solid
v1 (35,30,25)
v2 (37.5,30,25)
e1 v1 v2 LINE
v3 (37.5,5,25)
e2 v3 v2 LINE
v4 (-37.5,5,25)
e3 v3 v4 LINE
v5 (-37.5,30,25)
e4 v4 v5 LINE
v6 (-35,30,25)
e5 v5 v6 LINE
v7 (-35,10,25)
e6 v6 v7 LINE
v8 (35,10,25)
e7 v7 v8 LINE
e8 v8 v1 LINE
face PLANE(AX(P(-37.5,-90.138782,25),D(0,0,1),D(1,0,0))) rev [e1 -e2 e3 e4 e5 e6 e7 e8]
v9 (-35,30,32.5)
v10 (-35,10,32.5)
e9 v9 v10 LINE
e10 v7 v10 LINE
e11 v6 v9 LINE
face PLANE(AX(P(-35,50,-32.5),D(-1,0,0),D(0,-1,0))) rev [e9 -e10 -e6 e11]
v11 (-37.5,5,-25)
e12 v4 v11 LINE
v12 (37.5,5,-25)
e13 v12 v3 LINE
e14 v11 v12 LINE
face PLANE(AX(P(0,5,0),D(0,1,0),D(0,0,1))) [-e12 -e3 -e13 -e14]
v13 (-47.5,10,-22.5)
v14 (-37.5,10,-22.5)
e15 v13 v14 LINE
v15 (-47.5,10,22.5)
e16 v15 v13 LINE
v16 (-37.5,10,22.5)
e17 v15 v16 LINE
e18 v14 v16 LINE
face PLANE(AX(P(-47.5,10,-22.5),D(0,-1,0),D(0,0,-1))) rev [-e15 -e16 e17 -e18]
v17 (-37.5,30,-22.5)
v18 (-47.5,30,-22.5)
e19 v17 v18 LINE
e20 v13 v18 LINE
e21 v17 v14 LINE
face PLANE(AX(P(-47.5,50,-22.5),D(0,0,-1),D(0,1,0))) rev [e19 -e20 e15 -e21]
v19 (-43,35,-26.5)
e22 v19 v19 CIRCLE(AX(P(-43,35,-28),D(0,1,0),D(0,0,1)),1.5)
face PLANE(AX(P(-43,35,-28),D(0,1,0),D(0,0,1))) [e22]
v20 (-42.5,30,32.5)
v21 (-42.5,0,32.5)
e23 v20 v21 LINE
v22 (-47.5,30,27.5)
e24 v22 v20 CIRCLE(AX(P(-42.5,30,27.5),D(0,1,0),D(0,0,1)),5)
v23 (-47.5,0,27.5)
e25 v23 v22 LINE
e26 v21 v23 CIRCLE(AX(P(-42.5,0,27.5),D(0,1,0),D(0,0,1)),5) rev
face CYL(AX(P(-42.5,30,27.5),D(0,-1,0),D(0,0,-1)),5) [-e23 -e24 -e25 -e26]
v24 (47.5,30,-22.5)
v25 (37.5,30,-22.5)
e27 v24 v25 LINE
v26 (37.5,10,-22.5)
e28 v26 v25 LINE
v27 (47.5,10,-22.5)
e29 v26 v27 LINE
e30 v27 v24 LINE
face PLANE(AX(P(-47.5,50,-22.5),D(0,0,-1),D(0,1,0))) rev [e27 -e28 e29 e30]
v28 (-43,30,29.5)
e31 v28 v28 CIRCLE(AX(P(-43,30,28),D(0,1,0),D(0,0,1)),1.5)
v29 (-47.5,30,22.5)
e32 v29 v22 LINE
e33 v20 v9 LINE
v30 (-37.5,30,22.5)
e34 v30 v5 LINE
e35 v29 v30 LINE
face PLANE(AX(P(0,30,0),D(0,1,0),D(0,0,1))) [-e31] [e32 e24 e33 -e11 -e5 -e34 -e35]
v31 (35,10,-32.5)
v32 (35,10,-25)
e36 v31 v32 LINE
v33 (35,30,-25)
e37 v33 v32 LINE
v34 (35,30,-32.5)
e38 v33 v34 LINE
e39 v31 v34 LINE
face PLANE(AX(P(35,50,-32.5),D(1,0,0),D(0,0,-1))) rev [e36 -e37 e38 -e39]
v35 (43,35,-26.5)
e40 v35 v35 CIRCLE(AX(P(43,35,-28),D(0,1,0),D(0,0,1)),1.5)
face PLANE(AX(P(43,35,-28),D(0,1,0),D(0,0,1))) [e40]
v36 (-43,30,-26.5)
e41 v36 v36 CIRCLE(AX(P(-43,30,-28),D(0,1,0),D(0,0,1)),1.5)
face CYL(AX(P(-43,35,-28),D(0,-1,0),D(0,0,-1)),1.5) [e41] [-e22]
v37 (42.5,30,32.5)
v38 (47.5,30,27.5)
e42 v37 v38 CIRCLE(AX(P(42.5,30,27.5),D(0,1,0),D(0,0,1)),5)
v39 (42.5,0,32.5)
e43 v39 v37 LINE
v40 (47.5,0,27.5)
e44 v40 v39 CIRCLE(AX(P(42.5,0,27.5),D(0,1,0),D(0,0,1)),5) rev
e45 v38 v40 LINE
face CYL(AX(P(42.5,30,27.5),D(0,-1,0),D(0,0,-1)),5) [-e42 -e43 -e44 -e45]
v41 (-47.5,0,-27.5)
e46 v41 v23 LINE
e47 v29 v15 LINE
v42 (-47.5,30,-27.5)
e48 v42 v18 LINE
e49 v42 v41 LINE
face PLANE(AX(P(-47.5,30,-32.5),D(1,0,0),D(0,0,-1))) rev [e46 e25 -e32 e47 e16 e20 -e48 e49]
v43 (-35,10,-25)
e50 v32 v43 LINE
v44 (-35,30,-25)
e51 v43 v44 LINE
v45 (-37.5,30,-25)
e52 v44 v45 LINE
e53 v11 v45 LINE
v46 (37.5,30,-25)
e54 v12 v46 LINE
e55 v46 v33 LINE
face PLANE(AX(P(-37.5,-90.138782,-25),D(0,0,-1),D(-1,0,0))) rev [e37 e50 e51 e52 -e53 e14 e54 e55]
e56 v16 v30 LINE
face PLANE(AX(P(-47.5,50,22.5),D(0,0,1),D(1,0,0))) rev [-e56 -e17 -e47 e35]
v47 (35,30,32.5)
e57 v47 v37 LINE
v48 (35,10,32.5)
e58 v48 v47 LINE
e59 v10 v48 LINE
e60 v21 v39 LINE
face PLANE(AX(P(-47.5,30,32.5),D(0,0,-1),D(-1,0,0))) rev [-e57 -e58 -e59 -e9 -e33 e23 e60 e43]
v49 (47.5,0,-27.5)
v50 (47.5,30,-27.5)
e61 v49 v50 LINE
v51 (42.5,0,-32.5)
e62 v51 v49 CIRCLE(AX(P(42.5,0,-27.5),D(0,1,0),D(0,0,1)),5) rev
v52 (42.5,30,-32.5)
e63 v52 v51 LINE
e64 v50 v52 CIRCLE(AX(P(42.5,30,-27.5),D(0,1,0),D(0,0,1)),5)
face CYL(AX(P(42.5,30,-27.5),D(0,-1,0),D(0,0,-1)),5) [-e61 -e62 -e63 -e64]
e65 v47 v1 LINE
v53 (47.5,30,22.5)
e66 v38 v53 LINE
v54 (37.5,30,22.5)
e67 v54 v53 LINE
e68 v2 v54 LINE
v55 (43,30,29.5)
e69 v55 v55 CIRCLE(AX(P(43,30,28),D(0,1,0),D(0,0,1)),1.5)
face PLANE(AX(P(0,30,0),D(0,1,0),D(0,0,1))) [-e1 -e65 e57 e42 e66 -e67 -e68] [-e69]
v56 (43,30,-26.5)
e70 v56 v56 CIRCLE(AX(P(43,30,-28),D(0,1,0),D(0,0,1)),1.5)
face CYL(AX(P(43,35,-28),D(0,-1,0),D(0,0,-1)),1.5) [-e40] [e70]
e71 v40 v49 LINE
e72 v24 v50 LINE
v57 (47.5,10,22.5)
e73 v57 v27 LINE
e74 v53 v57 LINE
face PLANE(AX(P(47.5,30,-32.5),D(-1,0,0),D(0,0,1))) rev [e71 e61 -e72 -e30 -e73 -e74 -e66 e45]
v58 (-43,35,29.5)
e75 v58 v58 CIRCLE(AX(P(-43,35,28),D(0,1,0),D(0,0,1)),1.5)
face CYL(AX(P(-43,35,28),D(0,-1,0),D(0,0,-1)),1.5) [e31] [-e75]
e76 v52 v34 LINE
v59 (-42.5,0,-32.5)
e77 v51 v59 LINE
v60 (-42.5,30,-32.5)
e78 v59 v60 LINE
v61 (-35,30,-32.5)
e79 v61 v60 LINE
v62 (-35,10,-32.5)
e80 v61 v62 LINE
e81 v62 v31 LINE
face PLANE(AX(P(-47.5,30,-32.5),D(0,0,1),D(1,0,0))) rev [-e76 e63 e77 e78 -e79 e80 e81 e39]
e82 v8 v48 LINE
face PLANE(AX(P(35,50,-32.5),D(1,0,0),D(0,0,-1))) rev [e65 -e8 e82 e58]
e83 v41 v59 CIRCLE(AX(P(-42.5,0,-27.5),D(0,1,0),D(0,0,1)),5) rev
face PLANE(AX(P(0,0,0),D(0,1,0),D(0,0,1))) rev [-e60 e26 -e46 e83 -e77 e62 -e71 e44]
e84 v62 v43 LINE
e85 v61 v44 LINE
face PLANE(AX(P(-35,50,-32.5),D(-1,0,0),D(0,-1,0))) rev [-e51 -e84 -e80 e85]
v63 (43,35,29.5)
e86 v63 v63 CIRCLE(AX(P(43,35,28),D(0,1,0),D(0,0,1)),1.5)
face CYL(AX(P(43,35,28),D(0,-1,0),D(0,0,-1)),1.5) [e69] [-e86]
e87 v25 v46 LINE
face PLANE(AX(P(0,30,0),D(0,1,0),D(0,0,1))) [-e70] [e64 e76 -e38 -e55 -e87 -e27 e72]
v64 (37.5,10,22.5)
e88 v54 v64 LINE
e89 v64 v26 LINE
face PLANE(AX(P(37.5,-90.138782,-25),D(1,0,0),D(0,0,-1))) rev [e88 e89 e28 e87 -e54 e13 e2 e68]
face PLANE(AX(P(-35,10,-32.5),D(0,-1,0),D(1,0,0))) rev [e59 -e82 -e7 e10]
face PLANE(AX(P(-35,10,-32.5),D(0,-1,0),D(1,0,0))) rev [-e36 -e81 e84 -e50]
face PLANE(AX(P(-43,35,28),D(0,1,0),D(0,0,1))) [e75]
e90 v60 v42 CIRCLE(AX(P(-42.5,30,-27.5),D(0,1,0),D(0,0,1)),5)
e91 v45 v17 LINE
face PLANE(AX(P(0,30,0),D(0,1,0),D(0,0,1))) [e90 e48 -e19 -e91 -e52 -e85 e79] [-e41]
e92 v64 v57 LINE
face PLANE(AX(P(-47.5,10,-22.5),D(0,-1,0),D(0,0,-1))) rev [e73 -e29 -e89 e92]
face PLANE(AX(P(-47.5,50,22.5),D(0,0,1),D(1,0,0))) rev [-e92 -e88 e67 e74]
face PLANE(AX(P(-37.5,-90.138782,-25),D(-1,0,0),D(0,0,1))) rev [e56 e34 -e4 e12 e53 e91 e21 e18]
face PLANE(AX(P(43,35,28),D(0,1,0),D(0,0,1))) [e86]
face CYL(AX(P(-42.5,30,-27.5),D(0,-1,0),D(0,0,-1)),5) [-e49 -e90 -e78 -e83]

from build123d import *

# Parameters (mm, degrees)
SKETCH1_W           = 95
SKETCH1_H           = 65
BOSS_EXTRUDE1_DEPTH = 30
FILLET1_R           = 5
SKETCH2_W           = 75
SKETCH2_H           = 50
CUT_EXTRUDE1_DEPTH  = 25
SKETCH3_R           = 1.5
BOSS_EXTRUDE2_DEPTH = 5
SKETCH4_W           = 45
SKETCH4_H           = 40
CUT_EXTRUDE2_DEPTH  = 107.330851591
SKETCH5_W           = 70
SKETCH5_H           = 40
CUT_EXTRUDE3_DEPTH  = 88.78524933


with BuildPart() as part:
    # Sketch1 → Boss-Extrude1 (new body)
    with BuildSketch(Plane(origin=(0, 0, 0), x_dir=(1, 0, 0), z_dir=(0, 1, 0))):
        Rectangle(SKETCH1_W, SKETCH1_H)
    extrude(amount=BOSS_EXTRUDE1_DEPTH)

    # Fillet1
    fillet1_edges = [part.edges().sort_by_distance(p)[0] for p in [
        (47.5, 15, 32.5),
        (-47.5, 15, 32.5),
        (-47.5, 15, -32.5),
        (47.5, 15, -32.5),
    ]]
    fillet(fillet1_edges, radius=FILLET1_R)

    # Sketch2 → Cut-Extrude1 (cut)
    with BuildSketch(Plane(origin=(0, 30, 0), x_dir=(1, 0, 0), z_dir=(0, 1, 0))):
        Rectangle(SKETCH2_W, SKETCH2_H)
    extrude(amount=-CUT_EXTRUDE1_DEPTH, mode=Mode.SUBTRACT)

    # Sketch3 → Boss-Extrude2 (add)
    with BuildSketch(Plane(origin=(0, 30, 0), x_dir=(1, 0, 0), z_dir=(0, 1, 0))):
        with Locations(Location((43, 28, 0), (0, 0, 270))):
            Circle(SKETCH3_R)
        with Locations(Location((-43, 28, 0), (0, 0, 270))):
            Circle(SKETCH3_R)
        with Locations(Location((43, -28, 0), (0, 0, 270))):
            Circle(SKETCH3_R)
        with Locations(Location((-43, -28, 0), (0, 0, 270))):
            Circle(SKETCH3_R)
    extrude(amount=BOSS_EXTRUDE2_DEPTH)

    # Sketch4 → Cut-Extrude2 (cut, through all)
    with BuildSketch(Plane(origin=(47.5, 0, 0), x_dir=(0, 0, -1), z_dir=(1, 0, 0))):
        with Locations((0, 30)):
            Rectangle(SKETCH4_W, SKETCH4_H)
    extrude(amount=-CUT_EXTRUDE2_DEPTH, mode=Mode.SUBTRACT)

    # Sketch5 → Cut-Extrude3 (cut, through all)
    with BuildSketch(Plane.XY.offset(32.5)):
        with Locations((0, 30)):
            Rectangle(SKETCH5_W, SKETCH5_H)
    extrude(amount=-CUT_EXTRUDE3_DEPTH, mode=Mode.SUBTRACT)


solid = part.part
